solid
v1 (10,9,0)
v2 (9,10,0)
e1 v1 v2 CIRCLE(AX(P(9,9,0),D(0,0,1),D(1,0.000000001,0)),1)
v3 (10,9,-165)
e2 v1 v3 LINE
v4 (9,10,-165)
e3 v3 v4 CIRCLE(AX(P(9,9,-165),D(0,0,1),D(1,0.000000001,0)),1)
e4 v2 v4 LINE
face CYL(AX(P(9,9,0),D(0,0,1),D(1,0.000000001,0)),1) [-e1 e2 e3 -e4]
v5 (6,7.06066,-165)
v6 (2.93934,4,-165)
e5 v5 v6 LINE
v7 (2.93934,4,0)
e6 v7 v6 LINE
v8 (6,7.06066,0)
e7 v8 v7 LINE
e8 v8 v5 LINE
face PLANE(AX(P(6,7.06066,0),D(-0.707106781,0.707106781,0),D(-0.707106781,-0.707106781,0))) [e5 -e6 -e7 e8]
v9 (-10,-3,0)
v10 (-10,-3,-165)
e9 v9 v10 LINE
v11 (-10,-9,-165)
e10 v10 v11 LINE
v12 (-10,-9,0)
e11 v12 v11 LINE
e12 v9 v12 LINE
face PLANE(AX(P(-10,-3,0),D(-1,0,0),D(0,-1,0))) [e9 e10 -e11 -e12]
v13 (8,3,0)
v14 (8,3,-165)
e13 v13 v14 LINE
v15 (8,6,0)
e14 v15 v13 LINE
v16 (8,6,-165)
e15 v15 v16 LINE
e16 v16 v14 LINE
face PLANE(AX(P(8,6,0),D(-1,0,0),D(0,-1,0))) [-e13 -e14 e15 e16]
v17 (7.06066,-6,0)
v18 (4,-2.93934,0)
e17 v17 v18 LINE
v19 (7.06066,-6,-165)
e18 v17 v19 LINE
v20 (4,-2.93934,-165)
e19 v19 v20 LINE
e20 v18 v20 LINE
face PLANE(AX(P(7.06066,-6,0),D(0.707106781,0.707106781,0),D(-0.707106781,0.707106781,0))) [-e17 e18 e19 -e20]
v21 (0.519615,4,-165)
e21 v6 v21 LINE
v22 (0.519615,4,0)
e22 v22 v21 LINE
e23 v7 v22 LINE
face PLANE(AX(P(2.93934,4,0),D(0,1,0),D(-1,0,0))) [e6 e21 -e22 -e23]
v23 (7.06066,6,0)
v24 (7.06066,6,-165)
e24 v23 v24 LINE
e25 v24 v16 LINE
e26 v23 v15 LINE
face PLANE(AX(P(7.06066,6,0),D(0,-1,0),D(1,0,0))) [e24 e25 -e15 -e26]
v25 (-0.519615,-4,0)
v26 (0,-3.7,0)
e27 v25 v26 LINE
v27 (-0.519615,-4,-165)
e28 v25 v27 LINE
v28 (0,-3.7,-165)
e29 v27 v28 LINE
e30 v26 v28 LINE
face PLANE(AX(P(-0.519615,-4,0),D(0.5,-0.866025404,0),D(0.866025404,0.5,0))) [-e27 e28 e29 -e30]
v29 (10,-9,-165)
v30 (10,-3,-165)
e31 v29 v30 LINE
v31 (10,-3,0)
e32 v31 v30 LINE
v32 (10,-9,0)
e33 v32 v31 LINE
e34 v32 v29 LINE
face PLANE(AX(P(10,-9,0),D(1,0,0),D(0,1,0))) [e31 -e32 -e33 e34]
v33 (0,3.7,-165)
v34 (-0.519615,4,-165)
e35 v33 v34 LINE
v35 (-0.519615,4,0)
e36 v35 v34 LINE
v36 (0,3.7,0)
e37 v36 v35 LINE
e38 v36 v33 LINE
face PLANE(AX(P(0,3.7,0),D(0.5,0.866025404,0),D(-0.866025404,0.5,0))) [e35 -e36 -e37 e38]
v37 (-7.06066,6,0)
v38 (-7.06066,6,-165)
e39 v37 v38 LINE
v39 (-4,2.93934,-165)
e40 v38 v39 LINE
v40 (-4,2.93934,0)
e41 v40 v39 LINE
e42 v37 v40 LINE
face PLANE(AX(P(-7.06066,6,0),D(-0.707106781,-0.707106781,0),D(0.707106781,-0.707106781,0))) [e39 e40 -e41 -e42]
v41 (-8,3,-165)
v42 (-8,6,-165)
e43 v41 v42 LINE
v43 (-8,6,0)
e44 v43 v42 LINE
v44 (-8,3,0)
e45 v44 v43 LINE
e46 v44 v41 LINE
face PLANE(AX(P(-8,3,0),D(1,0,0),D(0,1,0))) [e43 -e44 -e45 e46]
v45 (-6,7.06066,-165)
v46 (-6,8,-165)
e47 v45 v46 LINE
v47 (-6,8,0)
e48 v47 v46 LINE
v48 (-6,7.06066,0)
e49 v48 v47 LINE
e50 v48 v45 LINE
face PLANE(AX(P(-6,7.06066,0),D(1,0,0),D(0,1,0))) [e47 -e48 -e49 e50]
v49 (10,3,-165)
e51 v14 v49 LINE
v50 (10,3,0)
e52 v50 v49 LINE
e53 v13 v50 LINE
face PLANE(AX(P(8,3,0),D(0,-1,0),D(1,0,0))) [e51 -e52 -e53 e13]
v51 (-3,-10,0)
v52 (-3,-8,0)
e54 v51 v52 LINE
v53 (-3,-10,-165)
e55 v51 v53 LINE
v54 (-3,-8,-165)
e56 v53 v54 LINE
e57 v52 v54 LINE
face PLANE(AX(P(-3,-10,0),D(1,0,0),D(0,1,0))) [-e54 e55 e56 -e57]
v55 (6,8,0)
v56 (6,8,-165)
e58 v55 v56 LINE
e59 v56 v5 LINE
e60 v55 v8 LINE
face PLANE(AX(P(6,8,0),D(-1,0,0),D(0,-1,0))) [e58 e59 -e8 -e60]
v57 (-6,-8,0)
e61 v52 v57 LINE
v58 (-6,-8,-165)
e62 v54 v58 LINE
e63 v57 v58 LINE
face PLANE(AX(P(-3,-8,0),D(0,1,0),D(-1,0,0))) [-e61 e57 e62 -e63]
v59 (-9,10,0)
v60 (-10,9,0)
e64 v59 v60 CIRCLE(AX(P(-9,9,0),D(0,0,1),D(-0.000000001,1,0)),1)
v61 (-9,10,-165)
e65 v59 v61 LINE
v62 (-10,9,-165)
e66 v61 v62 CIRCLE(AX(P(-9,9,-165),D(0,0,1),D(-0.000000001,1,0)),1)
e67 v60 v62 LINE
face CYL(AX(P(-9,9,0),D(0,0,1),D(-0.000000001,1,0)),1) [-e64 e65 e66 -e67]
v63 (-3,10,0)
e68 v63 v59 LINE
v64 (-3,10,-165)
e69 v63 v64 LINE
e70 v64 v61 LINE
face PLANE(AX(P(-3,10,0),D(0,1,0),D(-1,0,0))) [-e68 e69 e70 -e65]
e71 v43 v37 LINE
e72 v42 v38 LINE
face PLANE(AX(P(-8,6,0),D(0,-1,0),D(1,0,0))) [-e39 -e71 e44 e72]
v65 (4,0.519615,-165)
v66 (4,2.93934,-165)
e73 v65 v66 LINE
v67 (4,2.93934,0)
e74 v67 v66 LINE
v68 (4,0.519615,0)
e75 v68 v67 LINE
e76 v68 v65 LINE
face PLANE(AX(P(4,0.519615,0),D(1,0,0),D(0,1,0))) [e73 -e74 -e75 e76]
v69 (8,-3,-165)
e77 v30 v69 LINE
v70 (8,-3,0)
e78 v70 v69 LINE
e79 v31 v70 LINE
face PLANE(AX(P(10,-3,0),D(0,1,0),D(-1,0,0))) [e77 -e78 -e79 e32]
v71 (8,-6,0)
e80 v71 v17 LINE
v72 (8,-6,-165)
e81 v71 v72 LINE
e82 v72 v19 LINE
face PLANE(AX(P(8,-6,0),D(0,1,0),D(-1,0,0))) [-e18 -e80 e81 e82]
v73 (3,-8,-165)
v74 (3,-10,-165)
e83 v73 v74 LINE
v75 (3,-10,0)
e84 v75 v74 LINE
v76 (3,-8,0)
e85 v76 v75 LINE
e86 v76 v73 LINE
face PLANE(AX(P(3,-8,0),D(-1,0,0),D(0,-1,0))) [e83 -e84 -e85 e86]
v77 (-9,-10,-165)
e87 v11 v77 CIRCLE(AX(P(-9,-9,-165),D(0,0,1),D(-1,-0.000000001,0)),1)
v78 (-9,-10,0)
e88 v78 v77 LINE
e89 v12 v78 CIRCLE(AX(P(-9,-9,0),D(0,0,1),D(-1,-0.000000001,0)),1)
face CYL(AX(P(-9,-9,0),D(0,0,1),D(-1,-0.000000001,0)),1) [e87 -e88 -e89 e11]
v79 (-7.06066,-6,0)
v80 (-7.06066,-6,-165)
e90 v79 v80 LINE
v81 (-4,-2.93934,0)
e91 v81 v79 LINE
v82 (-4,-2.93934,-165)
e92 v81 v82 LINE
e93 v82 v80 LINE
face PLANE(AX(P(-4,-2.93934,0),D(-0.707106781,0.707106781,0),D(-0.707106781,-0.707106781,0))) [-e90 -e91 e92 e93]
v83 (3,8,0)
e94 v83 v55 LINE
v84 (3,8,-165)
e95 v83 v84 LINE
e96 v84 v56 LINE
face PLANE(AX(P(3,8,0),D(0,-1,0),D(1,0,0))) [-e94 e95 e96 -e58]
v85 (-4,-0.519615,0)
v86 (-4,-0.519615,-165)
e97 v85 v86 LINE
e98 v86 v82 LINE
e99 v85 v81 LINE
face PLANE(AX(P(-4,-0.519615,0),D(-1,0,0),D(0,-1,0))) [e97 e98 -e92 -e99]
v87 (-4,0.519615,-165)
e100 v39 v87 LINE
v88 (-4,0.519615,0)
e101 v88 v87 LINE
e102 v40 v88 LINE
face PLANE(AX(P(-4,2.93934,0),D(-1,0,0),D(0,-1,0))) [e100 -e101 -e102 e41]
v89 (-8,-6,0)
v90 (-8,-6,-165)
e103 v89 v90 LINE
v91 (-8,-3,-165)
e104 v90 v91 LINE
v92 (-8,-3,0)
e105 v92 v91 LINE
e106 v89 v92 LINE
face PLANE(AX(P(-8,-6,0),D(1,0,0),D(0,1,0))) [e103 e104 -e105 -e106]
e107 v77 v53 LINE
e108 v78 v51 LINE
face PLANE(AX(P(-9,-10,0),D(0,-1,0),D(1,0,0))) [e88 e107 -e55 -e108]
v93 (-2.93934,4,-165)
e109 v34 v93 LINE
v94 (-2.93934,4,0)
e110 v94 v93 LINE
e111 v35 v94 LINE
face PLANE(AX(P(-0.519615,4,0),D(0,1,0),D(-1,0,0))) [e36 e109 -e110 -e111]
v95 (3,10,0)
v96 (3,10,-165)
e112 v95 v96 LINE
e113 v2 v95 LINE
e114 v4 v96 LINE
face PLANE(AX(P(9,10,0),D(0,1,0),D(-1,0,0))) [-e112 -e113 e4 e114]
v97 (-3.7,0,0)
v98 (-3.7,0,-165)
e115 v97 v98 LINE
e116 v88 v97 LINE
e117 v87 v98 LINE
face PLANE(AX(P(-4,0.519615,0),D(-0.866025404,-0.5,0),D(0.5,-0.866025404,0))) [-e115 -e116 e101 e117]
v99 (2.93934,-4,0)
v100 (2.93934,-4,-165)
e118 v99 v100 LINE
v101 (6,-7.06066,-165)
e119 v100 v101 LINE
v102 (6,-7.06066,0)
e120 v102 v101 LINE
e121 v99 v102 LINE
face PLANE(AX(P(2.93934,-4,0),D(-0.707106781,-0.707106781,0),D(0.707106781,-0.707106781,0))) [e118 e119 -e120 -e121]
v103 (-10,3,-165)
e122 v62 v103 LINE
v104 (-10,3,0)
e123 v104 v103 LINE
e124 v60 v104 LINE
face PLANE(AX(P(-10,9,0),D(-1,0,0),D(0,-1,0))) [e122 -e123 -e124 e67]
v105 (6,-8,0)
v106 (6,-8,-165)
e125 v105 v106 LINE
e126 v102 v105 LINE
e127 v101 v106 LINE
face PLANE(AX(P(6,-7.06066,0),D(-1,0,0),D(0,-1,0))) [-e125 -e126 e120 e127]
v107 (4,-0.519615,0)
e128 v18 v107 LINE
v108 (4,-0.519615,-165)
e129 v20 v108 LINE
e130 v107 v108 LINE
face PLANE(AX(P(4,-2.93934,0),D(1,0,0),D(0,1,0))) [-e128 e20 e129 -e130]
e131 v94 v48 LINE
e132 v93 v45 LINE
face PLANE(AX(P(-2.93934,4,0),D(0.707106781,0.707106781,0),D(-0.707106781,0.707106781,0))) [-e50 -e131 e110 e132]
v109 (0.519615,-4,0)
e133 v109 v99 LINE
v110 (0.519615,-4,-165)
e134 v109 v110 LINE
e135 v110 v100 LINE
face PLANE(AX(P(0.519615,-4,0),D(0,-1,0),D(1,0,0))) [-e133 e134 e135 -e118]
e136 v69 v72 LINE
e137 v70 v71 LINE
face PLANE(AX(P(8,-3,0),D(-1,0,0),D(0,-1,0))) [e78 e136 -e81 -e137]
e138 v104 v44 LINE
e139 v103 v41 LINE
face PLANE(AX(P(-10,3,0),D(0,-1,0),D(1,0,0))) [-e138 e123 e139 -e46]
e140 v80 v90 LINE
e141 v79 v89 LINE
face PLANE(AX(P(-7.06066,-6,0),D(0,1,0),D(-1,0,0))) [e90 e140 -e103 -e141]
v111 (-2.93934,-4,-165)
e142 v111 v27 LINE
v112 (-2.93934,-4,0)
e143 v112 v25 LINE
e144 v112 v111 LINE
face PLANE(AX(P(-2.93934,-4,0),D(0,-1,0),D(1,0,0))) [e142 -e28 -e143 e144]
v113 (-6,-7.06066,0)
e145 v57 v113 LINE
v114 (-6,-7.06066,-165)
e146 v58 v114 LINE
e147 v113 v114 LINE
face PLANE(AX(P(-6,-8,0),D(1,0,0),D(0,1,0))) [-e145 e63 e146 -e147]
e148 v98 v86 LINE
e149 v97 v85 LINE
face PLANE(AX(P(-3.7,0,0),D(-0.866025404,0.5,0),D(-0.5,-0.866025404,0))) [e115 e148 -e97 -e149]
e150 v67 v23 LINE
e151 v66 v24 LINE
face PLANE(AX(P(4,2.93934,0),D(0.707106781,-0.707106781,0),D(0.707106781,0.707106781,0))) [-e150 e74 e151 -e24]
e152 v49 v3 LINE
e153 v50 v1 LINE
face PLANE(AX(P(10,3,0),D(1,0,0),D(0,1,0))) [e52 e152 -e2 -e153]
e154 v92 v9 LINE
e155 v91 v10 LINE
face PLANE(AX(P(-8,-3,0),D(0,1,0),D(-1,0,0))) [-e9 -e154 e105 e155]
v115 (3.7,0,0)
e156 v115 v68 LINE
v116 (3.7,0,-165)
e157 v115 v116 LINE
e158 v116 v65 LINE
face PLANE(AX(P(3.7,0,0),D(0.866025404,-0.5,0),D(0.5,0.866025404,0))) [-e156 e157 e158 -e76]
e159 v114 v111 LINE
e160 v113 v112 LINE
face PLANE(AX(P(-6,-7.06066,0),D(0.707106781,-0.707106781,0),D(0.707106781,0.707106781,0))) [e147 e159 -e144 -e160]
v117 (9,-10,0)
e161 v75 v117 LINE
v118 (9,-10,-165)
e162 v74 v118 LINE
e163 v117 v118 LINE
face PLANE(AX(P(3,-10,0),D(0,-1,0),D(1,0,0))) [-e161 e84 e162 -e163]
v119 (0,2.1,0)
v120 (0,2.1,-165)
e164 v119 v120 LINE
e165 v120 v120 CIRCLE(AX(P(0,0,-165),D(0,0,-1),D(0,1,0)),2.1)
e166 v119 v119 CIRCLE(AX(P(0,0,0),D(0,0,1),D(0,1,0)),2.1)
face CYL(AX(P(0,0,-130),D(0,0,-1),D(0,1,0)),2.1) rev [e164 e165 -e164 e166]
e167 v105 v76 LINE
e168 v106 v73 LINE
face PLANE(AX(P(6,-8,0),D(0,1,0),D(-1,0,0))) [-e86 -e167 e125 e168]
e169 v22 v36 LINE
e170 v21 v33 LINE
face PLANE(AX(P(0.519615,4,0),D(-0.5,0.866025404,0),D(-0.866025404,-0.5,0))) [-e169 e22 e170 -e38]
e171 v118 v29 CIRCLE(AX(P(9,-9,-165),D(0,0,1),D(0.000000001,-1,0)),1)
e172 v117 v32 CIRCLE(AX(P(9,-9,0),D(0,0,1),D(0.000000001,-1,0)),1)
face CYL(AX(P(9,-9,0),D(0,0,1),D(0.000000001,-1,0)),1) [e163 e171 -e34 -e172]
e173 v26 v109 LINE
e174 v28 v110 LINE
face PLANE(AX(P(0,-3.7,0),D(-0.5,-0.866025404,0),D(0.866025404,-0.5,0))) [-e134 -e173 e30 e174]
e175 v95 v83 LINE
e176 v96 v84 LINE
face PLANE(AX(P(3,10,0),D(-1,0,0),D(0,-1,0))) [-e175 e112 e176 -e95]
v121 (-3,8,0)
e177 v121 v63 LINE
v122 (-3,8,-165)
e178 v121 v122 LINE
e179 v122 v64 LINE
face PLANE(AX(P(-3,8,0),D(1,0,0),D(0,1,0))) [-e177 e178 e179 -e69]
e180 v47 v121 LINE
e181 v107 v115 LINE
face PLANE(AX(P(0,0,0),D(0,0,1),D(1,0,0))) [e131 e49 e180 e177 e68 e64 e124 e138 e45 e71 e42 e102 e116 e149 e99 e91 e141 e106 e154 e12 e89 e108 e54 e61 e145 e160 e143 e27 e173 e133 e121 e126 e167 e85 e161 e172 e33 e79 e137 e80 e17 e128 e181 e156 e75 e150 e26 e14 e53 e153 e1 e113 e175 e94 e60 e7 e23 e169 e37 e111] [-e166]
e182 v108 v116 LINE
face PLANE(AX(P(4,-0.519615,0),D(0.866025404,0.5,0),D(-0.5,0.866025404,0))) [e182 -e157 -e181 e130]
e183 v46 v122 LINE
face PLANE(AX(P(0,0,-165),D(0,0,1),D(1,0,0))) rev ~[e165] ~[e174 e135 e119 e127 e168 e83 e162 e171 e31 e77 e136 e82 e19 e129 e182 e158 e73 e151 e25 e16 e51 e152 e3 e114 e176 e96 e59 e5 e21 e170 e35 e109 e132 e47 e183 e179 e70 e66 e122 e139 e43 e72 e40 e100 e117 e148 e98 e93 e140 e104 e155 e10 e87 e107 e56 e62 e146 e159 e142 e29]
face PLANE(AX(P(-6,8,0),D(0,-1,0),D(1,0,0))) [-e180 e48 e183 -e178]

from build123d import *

# Parameters (mm, degrees)
EXTRUDE_1_DEPTH = 165
SKETCH_2_W      = 260
SKETCH_2_H      = 2.1


with BuildPart() as part:
    # ｽｹｯﾁ1 → ﾎﾞｽ - 押し出し1 (new body)
    with BuildSketch(Plane.XY):
        with BuildLine():
            Line((-10, -3), (-10, -9))
            ThreePointArc((-10, -9), (-9.707106781, -9.707106781), (-9, -10))
            Line((-9, -10), (-3, -10))
            Line((-3, -10), (-3, -8))
            Line((-3, -8), (-6, -8))
            Line((-6, -8), (-6, -7.060660172))
            Line((-6, -7.060660172), (-2.939339828, -4))
            Line((-2.939339828, -4), (-0.519615242, -4))
            Line((-0.519615242, -4), (0, -3.7))
            Line((0, -3.7), (0.519615242, -4))
            Line((0.519615242, -4), (2.939339828, -4))
            Line((2.939339828, -4), (6, -7.060660172))
            Line((6, -7.060660172), (6, -8))
            Line((6, -8), (3, -8))
            Line((3, -8), (3, -10))
            Line((3, -10), (9, -10))
            ThreePointArc((9, -10), (9.707106781, -9.707106781), (10, -9))
            Line((10, -9), (10, -3))
            Line((10, -3), (8, -3))
            Line((8, -3), (8, -6))
            Line((8, -6), (7.060660172, -6))
            Line((7.060660172, -6), (4, -2.939339828))
            Line((4, -2.939339828), (4, -0.519615242))
            Line((4, -0.519615242), (3.7, 0))
            Line((3.7, 0), (4, 0.519615242))
            Line((4, 0.519615242), (4, 2.939339828))
            Line((4, 2.939339828), (7.060660172, 6))
            Line((7.060660172, 6), (8, 6))
            Line((8, 6), (8, 3))
            Line((8, 3), (10, 3))
            Line((10, 3), (10, 9))
            ThreePointArc((10, 9), (9.707106781, 9.707106781), (9, 10))
            Line((9, 10), (3, 10))
            Line((3, 10), (3, 8))
            Line((3, 8), (6, 8))
            Line((6, 8), (6, 7.060660172))
            Line((6, 7.060660172), (2.939339828, 4))
            Line((2.939339828, 4), (0.519615242, 4))
            Line((0.519615242, 4), (0, 3.7))
            Line((0, 3.7), (-0.519615242, 4))
            Line((-0.519615242, 4), (-2.939339828, 4))
            Line((-2.939339828, 4), (-6, 7.060660172))
            Line((-6, 7.060660172), (-6, 8))
            Line((-6, 8), (-3, 8))
            Line((-3, 8), (-3, 10))
            Line((-3, 10), (-9, 10))
            ThreePointArc((-9, 10), (-9.707106781, 9.707106781), (-10, 9))
            Line((-10, 9), (-10, 3))
            Line((-10, 3), (-8, 3))
            Line((-8, 3), (-8, 6))
            Line((-8, 6), (-7.060660172, 6))
            Line((-7.060660172, 6), (-4, 2.939339828))
            Line((-4, 2.939339828), (-4, 0.519615242))
            Line((-4, 0.519615242), (-3.7, 0))
            Line((-3.7, 0), (-4, -0.519615242))
            Line((-4, -0.519615242), (-4, -2.939339828))
            Line((-4, -2.939339828), (-7.060660172, -6))
            Line((-7.060660172, -6), (-8, -6))
            Line((-8, -6), (-8, -3))
            Line((-8, -3), (-10, -3))
        make_face()
    extrude(amount=-EXTRUDE_1_DEPTH)

    # ｽｹｯﾁ2 → ｶｯﾄ - 回転1 (revolve, cut)
    with BuildSketch(Plane(origin=(0, 0, 0), x_dir=(0, 0, -1), z_dir=(1, 0, 0))):
        with Locations((130, 1.05)):
            Rectangle(SKETCH_2_W, SKETCH_2_H)
    revolve(axis=Axis((0, 0, -260), (0, 0, 1)), mode=Mode.SUBTRACT)


solid = part.part
